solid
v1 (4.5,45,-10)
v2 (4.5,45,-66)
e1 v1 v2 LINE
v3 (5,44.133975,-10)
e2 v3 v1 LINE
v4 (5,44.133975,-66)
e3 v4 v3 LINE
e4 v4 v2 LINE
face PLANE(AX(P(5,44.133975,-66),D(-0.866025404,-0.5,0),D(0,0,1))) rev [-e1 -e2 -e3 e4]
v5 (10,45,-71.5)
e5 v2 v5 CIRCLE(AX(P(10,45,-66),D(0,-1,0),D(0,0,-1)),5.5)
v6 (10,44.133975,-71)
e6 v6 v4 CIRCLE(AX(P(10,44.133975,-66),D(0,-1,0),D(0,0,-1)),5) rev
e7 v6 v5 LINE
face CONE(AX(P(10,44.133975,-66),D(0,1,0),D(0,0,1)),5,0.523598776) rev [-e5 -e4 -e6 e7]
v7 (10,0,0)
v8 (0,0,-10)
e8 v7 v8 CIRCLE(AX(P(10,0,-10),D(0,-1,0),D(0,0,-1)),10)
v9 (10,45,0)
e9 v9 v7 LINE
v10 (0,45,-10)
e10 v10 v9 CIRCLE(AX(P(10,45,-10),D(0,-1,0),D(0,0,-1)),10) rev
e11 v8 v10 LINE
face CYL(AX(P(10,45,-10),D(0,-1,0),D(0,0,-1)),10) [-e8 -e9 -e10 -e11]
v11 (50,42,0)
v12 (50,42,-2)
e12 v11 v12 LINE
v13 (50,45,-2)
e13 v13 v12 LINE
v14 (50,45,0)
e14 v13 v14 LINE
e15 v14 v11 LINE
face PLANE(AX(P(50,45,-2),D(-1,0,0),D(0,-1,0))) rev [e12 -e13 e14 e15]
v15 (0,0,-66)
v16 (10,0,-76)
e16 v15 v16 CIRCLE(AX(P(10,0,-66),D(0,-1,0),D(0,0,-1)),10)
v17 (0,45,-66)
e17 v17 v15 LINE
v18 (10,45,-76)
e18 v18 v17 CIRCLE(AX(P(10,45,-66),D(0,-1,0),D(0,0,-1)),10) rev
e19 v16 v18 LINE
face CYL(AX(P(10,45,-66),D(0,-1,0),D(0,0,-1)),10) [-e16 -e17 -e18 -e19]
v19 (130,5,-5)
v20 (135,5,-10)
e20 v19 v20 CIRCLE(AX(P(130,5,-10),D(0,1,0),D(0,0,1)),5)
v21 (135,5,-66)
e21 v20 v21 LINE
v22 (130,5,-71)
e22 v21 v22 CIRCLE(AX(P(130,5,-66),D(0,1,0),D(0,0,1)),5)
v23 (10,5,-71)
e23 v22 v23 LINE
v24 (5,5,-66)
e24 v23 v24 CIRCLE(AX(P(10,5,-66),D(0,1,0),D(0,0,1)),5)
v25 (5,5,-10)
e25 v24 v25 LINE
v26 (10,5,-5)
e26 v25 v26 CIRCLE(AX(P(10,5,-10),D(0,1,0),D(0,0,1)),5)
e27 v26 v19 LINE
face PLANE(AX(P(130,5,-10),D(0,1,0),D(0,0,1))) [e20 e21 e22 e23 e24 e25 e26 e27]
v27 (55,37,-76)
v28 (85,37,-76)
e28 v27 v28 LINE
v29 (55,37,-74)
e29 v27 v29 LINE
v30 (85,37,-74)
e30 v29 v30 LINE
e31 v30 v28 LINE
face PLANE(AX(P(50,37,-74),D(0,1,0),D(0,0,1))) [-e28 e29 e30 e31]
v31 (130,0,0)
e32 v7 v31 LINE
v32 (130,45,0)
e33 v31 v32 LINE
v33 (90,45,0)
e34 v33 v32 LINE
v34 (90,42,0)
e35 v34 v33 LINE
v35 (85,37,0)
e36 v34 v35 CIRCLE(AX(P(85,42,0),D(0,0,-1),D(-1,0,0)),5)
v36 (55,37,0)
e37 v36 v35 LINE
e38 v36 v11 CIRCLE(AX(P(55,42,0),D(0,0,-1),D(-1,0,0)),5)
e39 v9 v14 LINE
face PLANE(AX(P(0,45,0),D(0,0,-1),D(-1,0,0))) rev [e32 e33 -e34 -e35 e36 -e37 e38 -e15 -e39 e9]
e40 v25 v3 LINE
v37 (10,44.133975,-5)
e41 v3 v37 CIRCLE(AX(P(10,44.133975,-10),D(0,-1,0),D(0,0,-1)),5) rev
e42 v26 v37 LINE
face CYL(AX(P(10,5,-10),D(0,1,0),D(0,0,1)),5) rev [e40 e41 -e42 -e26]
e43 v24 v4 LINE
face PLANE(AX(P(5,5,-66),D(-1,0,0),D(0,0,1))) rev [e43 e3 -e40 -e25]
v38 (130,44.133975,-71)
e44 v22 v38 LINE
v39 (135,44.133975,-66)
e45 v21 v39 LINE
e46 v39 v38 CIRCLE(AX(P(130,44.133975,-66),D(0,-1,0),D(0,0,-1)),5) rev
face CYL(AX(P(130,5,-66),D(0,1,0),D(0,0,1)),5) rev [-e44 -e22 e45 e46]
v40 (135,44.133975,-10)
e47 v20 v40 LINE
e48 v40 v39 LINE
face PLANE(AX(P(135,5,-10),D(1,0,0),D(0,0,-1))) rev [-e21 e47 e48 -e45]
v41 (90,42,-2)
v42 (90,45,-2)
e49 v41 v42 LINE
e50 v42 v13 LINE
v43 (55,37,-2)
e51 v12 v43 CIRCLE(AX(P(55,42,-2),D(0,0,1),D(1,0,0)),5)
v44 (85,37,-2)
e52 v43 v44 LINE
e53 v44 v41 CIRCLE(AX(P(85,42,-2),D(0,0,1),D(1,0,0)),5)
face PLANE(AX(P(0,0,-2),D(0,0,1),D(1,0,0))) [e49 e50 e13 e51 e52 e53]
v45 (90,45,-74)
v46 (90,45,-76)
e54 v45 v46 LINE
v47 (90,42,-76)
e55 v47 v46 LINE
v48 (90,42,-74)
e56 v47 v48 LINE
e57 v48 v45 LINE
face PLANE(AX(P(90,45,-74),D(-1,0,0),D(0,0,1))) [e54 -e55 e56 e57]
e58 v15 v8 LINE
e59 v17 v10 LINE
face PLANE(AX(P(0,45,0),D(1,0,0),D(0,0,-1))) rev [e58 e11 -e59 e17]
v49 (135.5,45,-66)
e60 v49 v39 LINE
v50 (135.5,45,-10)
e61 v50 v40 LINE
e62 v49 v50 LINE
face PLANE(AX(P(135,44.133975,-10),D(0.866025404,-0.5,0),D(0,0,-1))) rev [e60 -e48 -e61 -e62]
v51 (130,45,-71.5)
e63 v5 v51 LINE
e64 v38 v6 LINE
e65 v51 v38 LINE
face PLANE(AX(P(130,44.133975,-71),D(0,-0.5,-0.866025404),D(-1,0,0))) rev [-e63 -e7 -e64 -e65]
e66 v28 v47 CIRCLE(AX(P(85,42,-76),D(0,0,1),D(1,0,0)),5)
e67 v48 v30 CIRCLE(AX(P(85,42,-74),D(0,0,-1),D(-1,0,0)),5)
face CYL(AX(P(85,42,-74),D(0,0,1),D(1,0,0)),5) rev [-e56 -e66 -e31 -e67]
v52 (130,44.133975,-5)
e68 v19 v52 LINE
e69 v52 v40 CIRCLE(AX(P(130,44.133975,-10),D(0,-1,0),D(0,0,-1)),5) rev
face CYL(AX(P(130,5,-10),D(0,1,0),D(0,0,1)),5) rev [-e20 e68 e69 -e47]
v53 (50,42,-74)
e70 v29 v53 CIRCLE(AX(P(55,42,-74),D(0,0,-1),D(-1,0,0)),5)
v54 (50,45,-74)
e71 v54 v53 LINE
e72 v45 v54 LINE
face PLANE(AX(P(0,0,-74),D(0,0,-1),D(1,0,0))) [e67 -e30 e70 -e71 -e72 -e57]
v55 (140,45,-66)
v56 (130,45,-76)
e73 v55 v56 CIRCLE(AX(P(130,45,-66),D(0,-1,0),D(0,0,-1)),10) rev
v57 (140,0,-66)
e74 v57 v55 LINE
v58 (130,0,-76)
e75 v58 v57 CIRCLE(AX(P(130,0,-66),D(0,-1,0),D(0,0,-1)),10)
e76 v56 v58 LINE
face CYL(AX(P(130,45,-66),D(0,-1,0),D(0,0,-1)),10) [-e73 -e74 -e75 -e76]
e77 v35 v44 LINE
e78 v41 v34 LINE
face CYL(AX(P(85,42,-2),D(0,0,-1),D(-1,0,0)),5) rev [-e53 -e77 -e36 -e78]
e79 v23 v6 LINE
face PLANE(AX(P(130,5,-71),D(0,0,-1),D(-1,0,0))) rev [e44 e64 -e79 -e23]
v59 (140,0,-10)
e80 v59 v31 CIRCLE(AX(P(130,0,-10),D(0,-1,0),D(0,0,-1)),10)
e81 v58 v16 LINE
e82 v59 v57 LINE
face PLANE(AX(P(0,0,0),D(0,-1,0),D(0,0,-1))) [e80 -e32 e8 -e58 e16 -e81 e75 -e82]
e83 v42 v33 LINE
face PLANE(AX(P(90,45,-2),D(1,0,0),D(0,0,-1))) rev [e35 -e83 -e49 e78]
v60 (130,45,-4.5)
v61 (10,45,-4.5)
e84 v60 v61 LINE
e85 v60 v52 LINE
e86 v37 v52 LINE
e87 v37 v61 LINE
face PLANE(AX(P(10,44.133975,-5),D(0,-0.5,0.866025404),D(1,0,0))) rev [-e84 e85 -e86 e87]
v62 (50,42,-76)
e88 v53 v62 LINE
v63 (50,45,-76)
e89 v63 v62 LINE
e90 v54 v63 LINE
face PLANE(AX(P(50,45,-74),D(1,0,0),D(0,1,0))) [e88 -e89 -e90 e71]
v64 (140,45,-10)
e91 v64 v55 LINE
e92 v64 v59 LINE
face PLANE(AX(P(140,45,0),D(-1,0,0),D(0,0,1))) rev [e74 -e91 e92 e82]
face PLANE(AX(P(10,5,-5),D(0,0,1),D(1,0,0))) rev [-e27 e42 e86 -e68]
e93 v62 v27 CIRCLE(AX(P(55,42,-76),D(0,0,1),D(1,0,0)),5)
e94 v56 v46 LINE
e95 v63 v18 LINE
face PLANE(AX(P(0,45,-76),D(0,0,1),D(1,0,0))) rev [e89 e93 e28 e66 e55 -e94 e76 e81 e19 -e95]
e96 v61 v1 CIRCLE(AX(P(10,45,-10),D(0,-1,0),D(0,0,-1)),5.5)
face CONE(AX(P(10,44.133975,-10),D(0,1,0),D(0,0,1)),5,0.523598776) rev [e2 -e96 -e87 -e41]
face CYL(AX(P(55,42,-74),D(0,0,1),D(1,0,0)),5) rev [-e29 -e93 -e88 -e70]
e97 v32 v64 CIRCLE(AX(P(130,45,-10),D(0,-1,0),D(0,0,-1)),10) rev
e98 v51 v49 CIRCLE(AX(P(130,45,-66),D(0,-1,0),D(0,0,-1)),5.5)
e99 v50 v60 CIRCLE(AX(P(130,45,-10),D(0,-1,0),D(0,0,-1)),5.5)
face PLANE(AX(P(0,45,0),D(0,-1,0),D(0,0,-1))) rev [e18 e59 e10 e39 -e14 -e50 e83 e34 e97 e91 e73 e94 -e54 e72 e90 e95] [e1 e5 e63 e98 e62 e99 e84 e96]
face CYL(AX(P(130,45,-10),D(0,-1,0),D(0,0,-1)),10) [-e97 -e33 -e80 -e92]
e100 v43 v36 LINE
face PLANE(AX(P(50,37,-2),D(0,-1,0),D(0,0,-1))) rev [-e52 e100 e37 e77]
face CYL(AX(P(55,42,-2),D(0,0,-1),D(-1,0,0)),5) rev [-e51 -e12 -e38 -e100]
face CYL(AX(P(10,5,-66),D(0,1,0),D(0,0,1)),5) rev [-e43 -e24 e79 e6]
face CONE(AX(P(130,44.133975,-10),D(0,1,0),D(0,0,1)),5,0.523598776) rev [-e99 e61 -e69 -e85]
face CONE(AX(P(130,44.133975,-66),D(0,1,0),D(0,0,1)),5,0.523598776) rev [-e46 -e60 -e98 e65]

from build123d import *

# Parameters (mm, degrees)
SKETCH1_W            = 140
SKETCH1_H            = 76
BOSS_EXTRUDE1_DEPTH  = 45
FILLET2_R            = 10
CUT_EXTRUDE2_DEPTH   = 40
SKETCH5_W            = 40
SKETCH5_H            = 8
CUT_EXTRUDE3_DEPTH   = 2
FILLET3_R            = 5
FILLET3_OF_MIRROR1_R = 5
CHAMFER1_SIZE        = 0.5
CHAMFER1_SIZE2       = 0.866025404


with BuildPart() as part:
    # Sketch1 → Boss-Extrude1 (new body)
    with BuildSketch(Plane(origin=(0, 0, 0), x_dir=(1, 0, 0), z_dir=(0, 1, 0))):
        with Locations((70, 38)):
            Rectangle(SKETCH1_W, SKETCH1_H)
    extrude(amount=BOSS_EXTRUDE1_DEPTH)

    # Fillet2
    fillet2_edges = [part.edges().sort_by_distance(p)[0] for p in [
        (0, 22.5, -76),
        (140, 22.5, -76),
        (140, 22.5, 0),
        (0, 22.5, 0),
    ]]
    fillet(fillet2_edges, radius=FILLET2_R)

    # Sketch4 → Cut-Extrude2 (cut)
    with BuildSketch(Plane(origin=(0, 45, 0), x_dir=(1, 0, 0), z_dir=(0, 1, 0))):
        with BuildLine():
            Line((135, 10), (135, 66))
            ThreePointArc((135, 66), (133.535533906, 69.535533906), (130, 71))
            Line((130, 71), (10, 71))
            ThreePointArc((10, 71), (6.464466094, 69.535533906), (5, 66))
            Line((5, 66), (5, 10))
            ThreePointArc((5, 10), (6.464466094, 6.464466094), (10, 5))
            Line((10, 5), (130, 5))
            ThreePointArc((130, 5), (133.535533906, 6.464466094), (135, 10))
        make_face()
    extrude(amount=-CUT_EXTRUDE2_DEPTH, mode=Mode.SUBTRACT)

    # Sketch5 → Cut-Extrude3 (cut)
    with BuildSketch(Plane.XY):
        with Locations((70, 41)):
            Rectangle(SKETCH5_W, SKETCH5_H)
    cut_extrude3 = extrude(amount=-CUT_EXTRUDE3_DEPTH, mode=Mode.SUBTRACT)

    # Fillet3
    fillet3_edges = [part.edges().sort_by_distance(p)[0] for p in [
        (50, 37, -1),
        (90, 37, -1),
    ]]
    fillet(fillet3_edges, radius=FILLET3_R)

    # Mirror1: Cut-Extrude3 across plane
    add(cut_extrude3.mirror(Plane.XY.offset(-38)), mode=Mode.SUBTRACT)

    # Fillet3 of Mirror1
    fillet3_of_mirror1_edges = [part.edges().sort_by_distance(p)[0] for p in [
        (50, 37, -75),
        (90, 37, -75),
    ]]
    fillet(fillet3_of_mirror1_edges, radius=FILLET3_OF_MIRROR1_R)

    # Chamfer1
    chamfer1_edges = [part.edges().sort_by_distance(p)[0] for p in [
        (133.535533906, 45, -6.464466094),
        (135, 45, -38),
        (133.535533906, 45, -69.535533906),
        (70, 45, -71),
        (6.464466094, 45, -69.535533906),
        (5, 45, -38),
        (6.464466094, 45, -6.464466094),
        (70, 45, -5),
    ]]
    chamfer1_side = [part.faces().sort_by_distance(p)[0] for p in [
        (4.055342415, 45, -4.055342415),
    ]]
    chamfer(chamfer1_edges, length=CHAMFER1_SIZE, length2=CHAMFER1_SIZE2, reference=chamfer1_side[0])


solid = part.part
